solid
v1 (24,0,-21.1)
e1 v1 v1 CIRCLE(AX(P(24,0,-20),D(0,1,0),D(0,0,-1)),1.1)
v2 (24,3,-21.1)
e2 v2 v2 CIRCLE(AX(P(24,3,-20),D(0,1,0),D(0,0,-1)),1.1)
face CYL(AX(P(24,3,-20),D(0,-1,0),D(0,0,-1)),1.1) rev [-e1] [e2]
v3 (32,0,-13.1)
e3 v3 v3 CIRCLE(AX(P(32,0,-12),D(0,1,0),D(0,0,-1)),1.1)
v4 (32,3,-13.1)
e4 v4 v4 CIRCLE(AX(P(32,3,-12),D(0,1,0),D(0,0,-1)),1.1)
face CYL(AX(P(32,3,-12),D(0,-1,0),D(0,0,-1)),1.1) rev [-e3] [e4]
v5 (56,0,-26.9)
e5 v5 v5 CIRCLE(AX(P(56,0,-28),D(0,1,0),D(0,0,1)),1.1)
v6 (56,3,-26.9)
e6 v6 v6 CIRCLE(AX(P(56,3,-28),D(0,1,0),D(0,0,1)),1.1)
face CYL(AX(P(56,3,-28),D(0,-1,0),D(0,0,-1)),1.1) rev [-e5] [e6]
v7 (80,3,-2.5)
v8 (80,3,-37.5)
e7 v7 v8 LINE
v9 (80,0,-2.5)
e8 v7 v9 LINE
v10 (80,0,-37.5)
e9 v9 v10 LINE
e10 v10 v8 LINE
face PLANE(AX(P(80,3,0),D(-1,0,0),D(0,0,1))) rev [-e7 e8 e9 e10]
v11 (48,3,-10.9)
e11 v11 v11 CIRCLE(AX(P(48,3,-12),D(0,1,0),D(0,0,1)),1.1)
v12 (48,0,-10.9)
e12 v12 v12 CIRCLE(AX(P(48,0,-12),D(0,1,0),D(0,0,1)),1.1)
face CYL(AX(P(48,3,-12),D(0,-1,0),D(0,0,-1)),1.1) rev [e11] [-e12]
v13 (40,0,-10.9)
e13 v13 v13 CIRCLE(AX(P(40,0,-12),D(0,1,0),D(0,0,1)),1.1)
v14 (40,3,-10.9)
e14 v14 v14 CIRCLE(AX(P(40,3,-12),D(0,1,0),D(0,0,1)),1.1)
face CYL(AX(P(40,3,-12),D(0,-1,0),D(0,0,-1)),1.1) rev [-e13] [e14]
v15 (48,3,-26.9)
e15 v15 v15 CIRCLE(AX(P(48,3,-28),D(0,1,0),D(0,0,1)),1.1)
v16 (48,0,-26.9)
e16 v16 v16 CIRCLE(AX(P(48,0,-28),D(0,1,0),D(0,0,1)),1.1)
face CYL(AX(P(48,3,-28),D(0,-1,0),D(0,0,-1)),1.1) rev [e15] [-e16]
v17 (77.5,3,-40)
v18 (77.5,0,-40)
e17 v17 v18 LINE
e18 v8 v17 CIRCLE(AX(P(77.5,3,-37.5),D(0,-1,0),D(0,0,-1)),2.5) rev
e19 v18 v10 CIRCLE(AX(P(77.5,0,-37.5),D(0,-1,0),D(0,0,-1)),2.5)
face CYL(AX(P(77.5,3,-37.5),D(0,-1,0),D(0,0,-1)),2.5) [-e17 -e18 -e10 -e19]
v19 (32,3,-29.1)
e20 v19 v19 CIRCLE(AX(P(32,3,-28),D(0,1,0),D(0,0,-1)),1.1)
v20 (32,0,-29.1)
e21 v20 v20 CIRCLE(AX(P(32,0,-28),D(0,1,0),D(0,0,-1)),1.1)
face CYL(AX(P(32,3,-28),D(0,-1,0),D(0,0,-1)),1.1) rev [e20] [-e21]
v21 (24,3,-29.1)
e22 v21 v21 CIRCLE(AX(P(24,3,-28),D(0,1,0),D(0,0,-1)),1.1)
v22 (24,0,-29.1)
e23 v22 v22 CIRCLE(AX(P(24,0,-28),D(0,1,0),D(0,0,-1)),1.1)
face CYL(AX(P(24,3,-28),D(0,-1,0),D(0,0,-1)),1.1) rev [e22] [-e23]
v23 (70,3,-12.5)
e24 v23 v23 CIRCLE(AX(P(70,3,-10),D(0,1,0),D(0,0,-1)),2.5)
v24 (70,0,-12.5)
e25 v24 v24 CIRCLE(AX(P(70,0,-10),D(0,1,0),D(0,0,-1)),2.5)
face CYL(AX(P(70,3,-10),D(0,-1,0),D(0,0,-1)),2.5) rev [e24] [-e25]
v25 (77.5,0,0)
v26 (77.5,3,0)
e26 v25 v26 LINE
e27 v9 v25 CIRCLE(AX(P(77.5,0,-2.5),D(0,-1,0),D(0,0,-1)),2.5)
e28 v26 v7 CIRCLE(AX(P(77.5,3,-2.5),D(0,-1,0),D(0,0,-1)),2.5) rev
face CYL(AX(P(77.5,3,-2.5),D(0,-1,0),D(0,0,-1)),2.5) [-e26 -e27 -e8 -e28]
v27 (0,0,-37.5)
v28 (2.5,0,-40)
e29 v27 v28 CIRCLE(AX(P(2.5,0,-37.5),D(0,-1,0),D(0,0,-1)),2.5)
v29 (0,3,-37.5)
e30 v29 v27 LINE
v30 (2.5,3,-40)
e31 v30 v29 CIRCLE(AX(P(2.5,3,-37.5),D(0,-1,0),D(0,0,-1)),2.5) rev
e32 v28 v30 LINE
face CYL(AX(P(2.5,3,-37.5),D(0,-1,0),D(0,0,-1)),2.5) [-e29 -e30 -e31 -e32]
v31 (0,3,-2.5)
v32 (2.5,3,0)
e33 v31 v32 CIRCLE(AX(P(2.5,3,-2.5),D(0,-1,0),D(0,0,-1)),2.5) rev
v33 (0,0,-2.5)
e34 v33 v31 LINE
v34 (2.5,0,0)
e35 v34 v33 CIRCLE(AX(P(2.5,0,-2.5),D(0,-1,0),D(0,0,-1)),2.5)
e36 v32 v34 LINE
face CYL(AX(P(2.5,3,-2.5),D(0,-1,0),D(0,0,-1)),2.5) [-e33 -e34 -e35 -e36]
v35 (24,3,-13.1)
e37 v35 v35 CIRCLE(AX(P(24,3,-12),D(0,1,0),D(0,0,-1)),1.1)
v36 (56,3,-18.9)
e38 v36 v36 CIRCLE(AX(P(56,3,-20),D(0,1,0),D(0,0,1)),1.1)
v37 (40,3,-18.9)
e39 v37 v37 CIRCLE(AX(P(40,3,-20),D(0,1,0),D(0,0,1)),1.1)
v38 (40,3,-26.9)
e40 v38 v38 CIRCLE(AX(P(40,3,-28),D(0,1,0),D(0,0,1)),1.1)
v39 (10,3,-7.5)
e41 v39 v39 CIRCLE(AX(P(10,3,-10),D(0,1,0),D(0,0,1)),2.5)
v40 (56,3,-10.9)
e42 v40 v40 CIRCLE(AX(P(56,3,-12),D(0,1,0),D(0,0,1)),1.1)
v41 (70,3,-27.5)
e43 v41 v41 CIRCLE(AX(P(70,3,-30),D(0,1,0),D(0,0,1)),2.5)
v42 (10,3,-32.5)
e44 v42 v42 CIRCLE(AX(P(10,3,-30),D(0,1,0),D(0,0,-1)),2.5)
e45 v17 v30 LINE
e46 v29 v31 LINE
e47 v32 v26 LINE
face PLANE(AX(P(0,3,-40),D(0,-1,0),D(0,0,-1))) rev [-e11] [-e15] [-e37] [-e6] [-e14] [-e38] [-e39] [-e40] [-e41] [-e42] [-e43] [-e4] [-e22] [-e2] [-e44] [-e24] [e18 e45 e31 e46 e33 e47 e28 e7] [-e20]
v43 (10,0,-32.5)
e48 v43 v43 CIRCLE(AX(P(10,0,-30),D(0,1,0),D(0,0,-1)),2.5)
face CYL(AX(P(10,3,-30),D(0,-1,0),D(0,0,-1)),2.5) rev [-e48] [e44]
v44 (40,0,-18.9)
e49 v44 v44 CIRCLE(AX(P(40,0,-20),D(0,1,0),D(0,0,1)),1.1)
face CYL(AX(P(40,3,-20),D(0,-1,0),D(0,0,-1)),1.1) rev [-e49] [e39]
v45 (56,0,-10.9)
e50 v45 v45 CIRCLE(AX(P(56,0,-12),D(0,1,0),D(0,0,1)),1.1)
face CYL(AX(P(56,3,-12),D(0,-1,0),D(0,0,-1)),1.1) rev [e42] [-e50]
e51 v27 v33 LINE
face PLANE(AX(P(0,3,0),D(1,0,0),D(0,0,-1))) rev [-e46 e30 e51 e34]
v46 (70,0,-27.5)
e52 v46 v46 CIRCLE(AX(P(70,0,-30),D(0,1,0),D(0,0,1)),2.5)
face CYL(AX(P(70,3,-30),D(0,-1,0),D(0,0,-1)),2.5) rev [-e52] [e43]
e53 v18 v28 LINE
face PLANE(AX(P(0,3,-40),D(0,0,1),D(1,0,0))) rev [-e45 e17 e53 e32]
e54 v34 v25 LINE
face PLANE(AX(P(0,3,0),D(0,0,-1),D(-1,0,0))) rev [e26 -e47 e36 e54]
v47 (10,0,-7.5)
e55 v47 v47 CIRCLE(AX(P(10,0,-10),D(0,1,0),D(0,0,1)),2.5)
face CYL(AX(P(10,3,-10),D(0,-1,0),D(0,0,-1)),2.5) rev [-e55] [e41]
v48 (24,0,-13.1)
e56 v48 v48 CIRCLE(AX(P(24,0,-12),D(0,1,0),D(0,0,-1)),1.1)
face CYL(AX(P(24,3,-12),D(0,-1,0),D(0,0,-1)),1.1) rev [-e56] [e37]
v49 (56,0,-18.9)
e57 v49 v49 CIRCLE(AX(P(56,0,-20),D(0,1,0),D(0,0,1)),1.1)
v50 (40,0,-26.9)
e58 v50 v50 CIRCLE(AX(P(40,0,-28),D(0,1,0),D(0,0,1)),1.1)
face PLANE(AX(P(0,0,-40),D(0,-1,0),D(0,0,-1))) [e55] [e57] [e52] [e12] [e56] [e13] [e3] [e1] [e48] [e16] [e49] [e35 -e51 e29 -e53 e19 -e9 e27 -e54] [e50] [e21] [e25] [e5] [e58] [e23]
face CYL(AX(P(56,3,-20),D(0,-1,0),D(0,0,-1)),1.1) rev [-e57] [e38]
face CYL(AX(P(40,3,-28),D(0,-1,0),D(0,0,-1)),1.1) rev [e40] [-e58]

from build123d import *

# Parameters (mm, degrees)
ESQUISSE1_W      = 80
ESQUISSE1_H      = 40
ESQUISSE1_R      = 2.5
ESQUISSE1_R_2    = 1.1
EXTRUSION1_DEPTH = 3
CONG_1_R         = 2.5


with BuildPart() as part:
    # Esquisse1 → Extrusion1 (new body)
    with BuildSketch(Plane(origin=(0, 0, 0), x_dir=(1, 0, 0), z_dir=(0, 1, 0))):
        with Locations((40, 20)):
            Rectangle(ESQUISSE1_W, ESQUISSE1_H)
        with Locations((10, 10)):
            Circle(ESQUISSE1_R, mode=Mode.SUBTRACT)
        with Locations((70, 10)):
            Circle(ESQUISSE1_R, mode=Mode.SUBTRACT)
        with Locations((70, 30)):
            Circle(ESQUISSE1_R, mode=Mode.SUBTRACT)
        with Locations((10, 30)):
            Circle(ESQUISSE1_R, mode=Mode.SUBTRACT)
        with Locations((40, 28)):
            Circle(ESQUISSE1_R_2, mode=Mode.SUBTRACT)
        with Locations((48, 28)):
            Circle(ESQUISSE1_R_2, mode=Mode.SUBTRACT)
        with Locations((56, 28)):
            Circle(ESQUISSE1_R_2, mode=Mode.SUBTRACT)
        with Locations((40, 20)):
            Circle(ESQUISSE1_R_2, mode=Mode.SUBTRACT)
        with Locations((24, 12)):
            Circle(ESQUISSE1_R_2, mode=Mode.SUBTRACT)
        with Locations((56, 20)):
            Circle(ESQUISSE1_R_2, mode=Mode.SUBTRACT)
        with Locations((40, 12)):
            Circle(ESQUISSE1_R_2, mode=Mode.SUBTRACT)
        with Locations((48, 12)):
            Circle(ESQUISSE1_R_2, mode=Mode.SUBTRACT)
        with Locations((56, 12)):
            Circle(ESQUISSE1_R_2, mode=Mode.SUBTRACT)
        with Locations((32, 12)):
            Circle(ESQUISSE1_R_2, mode=Mode.SUBTRACT)
        with Locations((24, 20)):
            Circle(ESQUISSE1_R_2, mode=Mode.SUBTRACT)
        with Locations((24, 28)):
            Circle(ESQUISSE1_R_2, mode=Mode.SUBTRACT)
        with Locations((32, 28)):
            Circle(ESQUISSE1_R_2, mode=Mode.SUBTRACT)
    extrude(amount=EXTRUSION1_DEPTH)

    # Congé1
    cong_1_edges = [part.edges().sort_by_distance(p)[0] for p in [
        (0, 1.5, -40),
        (80, 1.5, -40),
        (80, 1.5, 0),
        (0, 1.5, 0),
    ]]
    fillet(cong_1_edges, radius=CONG_1_R)


solid = part.part
